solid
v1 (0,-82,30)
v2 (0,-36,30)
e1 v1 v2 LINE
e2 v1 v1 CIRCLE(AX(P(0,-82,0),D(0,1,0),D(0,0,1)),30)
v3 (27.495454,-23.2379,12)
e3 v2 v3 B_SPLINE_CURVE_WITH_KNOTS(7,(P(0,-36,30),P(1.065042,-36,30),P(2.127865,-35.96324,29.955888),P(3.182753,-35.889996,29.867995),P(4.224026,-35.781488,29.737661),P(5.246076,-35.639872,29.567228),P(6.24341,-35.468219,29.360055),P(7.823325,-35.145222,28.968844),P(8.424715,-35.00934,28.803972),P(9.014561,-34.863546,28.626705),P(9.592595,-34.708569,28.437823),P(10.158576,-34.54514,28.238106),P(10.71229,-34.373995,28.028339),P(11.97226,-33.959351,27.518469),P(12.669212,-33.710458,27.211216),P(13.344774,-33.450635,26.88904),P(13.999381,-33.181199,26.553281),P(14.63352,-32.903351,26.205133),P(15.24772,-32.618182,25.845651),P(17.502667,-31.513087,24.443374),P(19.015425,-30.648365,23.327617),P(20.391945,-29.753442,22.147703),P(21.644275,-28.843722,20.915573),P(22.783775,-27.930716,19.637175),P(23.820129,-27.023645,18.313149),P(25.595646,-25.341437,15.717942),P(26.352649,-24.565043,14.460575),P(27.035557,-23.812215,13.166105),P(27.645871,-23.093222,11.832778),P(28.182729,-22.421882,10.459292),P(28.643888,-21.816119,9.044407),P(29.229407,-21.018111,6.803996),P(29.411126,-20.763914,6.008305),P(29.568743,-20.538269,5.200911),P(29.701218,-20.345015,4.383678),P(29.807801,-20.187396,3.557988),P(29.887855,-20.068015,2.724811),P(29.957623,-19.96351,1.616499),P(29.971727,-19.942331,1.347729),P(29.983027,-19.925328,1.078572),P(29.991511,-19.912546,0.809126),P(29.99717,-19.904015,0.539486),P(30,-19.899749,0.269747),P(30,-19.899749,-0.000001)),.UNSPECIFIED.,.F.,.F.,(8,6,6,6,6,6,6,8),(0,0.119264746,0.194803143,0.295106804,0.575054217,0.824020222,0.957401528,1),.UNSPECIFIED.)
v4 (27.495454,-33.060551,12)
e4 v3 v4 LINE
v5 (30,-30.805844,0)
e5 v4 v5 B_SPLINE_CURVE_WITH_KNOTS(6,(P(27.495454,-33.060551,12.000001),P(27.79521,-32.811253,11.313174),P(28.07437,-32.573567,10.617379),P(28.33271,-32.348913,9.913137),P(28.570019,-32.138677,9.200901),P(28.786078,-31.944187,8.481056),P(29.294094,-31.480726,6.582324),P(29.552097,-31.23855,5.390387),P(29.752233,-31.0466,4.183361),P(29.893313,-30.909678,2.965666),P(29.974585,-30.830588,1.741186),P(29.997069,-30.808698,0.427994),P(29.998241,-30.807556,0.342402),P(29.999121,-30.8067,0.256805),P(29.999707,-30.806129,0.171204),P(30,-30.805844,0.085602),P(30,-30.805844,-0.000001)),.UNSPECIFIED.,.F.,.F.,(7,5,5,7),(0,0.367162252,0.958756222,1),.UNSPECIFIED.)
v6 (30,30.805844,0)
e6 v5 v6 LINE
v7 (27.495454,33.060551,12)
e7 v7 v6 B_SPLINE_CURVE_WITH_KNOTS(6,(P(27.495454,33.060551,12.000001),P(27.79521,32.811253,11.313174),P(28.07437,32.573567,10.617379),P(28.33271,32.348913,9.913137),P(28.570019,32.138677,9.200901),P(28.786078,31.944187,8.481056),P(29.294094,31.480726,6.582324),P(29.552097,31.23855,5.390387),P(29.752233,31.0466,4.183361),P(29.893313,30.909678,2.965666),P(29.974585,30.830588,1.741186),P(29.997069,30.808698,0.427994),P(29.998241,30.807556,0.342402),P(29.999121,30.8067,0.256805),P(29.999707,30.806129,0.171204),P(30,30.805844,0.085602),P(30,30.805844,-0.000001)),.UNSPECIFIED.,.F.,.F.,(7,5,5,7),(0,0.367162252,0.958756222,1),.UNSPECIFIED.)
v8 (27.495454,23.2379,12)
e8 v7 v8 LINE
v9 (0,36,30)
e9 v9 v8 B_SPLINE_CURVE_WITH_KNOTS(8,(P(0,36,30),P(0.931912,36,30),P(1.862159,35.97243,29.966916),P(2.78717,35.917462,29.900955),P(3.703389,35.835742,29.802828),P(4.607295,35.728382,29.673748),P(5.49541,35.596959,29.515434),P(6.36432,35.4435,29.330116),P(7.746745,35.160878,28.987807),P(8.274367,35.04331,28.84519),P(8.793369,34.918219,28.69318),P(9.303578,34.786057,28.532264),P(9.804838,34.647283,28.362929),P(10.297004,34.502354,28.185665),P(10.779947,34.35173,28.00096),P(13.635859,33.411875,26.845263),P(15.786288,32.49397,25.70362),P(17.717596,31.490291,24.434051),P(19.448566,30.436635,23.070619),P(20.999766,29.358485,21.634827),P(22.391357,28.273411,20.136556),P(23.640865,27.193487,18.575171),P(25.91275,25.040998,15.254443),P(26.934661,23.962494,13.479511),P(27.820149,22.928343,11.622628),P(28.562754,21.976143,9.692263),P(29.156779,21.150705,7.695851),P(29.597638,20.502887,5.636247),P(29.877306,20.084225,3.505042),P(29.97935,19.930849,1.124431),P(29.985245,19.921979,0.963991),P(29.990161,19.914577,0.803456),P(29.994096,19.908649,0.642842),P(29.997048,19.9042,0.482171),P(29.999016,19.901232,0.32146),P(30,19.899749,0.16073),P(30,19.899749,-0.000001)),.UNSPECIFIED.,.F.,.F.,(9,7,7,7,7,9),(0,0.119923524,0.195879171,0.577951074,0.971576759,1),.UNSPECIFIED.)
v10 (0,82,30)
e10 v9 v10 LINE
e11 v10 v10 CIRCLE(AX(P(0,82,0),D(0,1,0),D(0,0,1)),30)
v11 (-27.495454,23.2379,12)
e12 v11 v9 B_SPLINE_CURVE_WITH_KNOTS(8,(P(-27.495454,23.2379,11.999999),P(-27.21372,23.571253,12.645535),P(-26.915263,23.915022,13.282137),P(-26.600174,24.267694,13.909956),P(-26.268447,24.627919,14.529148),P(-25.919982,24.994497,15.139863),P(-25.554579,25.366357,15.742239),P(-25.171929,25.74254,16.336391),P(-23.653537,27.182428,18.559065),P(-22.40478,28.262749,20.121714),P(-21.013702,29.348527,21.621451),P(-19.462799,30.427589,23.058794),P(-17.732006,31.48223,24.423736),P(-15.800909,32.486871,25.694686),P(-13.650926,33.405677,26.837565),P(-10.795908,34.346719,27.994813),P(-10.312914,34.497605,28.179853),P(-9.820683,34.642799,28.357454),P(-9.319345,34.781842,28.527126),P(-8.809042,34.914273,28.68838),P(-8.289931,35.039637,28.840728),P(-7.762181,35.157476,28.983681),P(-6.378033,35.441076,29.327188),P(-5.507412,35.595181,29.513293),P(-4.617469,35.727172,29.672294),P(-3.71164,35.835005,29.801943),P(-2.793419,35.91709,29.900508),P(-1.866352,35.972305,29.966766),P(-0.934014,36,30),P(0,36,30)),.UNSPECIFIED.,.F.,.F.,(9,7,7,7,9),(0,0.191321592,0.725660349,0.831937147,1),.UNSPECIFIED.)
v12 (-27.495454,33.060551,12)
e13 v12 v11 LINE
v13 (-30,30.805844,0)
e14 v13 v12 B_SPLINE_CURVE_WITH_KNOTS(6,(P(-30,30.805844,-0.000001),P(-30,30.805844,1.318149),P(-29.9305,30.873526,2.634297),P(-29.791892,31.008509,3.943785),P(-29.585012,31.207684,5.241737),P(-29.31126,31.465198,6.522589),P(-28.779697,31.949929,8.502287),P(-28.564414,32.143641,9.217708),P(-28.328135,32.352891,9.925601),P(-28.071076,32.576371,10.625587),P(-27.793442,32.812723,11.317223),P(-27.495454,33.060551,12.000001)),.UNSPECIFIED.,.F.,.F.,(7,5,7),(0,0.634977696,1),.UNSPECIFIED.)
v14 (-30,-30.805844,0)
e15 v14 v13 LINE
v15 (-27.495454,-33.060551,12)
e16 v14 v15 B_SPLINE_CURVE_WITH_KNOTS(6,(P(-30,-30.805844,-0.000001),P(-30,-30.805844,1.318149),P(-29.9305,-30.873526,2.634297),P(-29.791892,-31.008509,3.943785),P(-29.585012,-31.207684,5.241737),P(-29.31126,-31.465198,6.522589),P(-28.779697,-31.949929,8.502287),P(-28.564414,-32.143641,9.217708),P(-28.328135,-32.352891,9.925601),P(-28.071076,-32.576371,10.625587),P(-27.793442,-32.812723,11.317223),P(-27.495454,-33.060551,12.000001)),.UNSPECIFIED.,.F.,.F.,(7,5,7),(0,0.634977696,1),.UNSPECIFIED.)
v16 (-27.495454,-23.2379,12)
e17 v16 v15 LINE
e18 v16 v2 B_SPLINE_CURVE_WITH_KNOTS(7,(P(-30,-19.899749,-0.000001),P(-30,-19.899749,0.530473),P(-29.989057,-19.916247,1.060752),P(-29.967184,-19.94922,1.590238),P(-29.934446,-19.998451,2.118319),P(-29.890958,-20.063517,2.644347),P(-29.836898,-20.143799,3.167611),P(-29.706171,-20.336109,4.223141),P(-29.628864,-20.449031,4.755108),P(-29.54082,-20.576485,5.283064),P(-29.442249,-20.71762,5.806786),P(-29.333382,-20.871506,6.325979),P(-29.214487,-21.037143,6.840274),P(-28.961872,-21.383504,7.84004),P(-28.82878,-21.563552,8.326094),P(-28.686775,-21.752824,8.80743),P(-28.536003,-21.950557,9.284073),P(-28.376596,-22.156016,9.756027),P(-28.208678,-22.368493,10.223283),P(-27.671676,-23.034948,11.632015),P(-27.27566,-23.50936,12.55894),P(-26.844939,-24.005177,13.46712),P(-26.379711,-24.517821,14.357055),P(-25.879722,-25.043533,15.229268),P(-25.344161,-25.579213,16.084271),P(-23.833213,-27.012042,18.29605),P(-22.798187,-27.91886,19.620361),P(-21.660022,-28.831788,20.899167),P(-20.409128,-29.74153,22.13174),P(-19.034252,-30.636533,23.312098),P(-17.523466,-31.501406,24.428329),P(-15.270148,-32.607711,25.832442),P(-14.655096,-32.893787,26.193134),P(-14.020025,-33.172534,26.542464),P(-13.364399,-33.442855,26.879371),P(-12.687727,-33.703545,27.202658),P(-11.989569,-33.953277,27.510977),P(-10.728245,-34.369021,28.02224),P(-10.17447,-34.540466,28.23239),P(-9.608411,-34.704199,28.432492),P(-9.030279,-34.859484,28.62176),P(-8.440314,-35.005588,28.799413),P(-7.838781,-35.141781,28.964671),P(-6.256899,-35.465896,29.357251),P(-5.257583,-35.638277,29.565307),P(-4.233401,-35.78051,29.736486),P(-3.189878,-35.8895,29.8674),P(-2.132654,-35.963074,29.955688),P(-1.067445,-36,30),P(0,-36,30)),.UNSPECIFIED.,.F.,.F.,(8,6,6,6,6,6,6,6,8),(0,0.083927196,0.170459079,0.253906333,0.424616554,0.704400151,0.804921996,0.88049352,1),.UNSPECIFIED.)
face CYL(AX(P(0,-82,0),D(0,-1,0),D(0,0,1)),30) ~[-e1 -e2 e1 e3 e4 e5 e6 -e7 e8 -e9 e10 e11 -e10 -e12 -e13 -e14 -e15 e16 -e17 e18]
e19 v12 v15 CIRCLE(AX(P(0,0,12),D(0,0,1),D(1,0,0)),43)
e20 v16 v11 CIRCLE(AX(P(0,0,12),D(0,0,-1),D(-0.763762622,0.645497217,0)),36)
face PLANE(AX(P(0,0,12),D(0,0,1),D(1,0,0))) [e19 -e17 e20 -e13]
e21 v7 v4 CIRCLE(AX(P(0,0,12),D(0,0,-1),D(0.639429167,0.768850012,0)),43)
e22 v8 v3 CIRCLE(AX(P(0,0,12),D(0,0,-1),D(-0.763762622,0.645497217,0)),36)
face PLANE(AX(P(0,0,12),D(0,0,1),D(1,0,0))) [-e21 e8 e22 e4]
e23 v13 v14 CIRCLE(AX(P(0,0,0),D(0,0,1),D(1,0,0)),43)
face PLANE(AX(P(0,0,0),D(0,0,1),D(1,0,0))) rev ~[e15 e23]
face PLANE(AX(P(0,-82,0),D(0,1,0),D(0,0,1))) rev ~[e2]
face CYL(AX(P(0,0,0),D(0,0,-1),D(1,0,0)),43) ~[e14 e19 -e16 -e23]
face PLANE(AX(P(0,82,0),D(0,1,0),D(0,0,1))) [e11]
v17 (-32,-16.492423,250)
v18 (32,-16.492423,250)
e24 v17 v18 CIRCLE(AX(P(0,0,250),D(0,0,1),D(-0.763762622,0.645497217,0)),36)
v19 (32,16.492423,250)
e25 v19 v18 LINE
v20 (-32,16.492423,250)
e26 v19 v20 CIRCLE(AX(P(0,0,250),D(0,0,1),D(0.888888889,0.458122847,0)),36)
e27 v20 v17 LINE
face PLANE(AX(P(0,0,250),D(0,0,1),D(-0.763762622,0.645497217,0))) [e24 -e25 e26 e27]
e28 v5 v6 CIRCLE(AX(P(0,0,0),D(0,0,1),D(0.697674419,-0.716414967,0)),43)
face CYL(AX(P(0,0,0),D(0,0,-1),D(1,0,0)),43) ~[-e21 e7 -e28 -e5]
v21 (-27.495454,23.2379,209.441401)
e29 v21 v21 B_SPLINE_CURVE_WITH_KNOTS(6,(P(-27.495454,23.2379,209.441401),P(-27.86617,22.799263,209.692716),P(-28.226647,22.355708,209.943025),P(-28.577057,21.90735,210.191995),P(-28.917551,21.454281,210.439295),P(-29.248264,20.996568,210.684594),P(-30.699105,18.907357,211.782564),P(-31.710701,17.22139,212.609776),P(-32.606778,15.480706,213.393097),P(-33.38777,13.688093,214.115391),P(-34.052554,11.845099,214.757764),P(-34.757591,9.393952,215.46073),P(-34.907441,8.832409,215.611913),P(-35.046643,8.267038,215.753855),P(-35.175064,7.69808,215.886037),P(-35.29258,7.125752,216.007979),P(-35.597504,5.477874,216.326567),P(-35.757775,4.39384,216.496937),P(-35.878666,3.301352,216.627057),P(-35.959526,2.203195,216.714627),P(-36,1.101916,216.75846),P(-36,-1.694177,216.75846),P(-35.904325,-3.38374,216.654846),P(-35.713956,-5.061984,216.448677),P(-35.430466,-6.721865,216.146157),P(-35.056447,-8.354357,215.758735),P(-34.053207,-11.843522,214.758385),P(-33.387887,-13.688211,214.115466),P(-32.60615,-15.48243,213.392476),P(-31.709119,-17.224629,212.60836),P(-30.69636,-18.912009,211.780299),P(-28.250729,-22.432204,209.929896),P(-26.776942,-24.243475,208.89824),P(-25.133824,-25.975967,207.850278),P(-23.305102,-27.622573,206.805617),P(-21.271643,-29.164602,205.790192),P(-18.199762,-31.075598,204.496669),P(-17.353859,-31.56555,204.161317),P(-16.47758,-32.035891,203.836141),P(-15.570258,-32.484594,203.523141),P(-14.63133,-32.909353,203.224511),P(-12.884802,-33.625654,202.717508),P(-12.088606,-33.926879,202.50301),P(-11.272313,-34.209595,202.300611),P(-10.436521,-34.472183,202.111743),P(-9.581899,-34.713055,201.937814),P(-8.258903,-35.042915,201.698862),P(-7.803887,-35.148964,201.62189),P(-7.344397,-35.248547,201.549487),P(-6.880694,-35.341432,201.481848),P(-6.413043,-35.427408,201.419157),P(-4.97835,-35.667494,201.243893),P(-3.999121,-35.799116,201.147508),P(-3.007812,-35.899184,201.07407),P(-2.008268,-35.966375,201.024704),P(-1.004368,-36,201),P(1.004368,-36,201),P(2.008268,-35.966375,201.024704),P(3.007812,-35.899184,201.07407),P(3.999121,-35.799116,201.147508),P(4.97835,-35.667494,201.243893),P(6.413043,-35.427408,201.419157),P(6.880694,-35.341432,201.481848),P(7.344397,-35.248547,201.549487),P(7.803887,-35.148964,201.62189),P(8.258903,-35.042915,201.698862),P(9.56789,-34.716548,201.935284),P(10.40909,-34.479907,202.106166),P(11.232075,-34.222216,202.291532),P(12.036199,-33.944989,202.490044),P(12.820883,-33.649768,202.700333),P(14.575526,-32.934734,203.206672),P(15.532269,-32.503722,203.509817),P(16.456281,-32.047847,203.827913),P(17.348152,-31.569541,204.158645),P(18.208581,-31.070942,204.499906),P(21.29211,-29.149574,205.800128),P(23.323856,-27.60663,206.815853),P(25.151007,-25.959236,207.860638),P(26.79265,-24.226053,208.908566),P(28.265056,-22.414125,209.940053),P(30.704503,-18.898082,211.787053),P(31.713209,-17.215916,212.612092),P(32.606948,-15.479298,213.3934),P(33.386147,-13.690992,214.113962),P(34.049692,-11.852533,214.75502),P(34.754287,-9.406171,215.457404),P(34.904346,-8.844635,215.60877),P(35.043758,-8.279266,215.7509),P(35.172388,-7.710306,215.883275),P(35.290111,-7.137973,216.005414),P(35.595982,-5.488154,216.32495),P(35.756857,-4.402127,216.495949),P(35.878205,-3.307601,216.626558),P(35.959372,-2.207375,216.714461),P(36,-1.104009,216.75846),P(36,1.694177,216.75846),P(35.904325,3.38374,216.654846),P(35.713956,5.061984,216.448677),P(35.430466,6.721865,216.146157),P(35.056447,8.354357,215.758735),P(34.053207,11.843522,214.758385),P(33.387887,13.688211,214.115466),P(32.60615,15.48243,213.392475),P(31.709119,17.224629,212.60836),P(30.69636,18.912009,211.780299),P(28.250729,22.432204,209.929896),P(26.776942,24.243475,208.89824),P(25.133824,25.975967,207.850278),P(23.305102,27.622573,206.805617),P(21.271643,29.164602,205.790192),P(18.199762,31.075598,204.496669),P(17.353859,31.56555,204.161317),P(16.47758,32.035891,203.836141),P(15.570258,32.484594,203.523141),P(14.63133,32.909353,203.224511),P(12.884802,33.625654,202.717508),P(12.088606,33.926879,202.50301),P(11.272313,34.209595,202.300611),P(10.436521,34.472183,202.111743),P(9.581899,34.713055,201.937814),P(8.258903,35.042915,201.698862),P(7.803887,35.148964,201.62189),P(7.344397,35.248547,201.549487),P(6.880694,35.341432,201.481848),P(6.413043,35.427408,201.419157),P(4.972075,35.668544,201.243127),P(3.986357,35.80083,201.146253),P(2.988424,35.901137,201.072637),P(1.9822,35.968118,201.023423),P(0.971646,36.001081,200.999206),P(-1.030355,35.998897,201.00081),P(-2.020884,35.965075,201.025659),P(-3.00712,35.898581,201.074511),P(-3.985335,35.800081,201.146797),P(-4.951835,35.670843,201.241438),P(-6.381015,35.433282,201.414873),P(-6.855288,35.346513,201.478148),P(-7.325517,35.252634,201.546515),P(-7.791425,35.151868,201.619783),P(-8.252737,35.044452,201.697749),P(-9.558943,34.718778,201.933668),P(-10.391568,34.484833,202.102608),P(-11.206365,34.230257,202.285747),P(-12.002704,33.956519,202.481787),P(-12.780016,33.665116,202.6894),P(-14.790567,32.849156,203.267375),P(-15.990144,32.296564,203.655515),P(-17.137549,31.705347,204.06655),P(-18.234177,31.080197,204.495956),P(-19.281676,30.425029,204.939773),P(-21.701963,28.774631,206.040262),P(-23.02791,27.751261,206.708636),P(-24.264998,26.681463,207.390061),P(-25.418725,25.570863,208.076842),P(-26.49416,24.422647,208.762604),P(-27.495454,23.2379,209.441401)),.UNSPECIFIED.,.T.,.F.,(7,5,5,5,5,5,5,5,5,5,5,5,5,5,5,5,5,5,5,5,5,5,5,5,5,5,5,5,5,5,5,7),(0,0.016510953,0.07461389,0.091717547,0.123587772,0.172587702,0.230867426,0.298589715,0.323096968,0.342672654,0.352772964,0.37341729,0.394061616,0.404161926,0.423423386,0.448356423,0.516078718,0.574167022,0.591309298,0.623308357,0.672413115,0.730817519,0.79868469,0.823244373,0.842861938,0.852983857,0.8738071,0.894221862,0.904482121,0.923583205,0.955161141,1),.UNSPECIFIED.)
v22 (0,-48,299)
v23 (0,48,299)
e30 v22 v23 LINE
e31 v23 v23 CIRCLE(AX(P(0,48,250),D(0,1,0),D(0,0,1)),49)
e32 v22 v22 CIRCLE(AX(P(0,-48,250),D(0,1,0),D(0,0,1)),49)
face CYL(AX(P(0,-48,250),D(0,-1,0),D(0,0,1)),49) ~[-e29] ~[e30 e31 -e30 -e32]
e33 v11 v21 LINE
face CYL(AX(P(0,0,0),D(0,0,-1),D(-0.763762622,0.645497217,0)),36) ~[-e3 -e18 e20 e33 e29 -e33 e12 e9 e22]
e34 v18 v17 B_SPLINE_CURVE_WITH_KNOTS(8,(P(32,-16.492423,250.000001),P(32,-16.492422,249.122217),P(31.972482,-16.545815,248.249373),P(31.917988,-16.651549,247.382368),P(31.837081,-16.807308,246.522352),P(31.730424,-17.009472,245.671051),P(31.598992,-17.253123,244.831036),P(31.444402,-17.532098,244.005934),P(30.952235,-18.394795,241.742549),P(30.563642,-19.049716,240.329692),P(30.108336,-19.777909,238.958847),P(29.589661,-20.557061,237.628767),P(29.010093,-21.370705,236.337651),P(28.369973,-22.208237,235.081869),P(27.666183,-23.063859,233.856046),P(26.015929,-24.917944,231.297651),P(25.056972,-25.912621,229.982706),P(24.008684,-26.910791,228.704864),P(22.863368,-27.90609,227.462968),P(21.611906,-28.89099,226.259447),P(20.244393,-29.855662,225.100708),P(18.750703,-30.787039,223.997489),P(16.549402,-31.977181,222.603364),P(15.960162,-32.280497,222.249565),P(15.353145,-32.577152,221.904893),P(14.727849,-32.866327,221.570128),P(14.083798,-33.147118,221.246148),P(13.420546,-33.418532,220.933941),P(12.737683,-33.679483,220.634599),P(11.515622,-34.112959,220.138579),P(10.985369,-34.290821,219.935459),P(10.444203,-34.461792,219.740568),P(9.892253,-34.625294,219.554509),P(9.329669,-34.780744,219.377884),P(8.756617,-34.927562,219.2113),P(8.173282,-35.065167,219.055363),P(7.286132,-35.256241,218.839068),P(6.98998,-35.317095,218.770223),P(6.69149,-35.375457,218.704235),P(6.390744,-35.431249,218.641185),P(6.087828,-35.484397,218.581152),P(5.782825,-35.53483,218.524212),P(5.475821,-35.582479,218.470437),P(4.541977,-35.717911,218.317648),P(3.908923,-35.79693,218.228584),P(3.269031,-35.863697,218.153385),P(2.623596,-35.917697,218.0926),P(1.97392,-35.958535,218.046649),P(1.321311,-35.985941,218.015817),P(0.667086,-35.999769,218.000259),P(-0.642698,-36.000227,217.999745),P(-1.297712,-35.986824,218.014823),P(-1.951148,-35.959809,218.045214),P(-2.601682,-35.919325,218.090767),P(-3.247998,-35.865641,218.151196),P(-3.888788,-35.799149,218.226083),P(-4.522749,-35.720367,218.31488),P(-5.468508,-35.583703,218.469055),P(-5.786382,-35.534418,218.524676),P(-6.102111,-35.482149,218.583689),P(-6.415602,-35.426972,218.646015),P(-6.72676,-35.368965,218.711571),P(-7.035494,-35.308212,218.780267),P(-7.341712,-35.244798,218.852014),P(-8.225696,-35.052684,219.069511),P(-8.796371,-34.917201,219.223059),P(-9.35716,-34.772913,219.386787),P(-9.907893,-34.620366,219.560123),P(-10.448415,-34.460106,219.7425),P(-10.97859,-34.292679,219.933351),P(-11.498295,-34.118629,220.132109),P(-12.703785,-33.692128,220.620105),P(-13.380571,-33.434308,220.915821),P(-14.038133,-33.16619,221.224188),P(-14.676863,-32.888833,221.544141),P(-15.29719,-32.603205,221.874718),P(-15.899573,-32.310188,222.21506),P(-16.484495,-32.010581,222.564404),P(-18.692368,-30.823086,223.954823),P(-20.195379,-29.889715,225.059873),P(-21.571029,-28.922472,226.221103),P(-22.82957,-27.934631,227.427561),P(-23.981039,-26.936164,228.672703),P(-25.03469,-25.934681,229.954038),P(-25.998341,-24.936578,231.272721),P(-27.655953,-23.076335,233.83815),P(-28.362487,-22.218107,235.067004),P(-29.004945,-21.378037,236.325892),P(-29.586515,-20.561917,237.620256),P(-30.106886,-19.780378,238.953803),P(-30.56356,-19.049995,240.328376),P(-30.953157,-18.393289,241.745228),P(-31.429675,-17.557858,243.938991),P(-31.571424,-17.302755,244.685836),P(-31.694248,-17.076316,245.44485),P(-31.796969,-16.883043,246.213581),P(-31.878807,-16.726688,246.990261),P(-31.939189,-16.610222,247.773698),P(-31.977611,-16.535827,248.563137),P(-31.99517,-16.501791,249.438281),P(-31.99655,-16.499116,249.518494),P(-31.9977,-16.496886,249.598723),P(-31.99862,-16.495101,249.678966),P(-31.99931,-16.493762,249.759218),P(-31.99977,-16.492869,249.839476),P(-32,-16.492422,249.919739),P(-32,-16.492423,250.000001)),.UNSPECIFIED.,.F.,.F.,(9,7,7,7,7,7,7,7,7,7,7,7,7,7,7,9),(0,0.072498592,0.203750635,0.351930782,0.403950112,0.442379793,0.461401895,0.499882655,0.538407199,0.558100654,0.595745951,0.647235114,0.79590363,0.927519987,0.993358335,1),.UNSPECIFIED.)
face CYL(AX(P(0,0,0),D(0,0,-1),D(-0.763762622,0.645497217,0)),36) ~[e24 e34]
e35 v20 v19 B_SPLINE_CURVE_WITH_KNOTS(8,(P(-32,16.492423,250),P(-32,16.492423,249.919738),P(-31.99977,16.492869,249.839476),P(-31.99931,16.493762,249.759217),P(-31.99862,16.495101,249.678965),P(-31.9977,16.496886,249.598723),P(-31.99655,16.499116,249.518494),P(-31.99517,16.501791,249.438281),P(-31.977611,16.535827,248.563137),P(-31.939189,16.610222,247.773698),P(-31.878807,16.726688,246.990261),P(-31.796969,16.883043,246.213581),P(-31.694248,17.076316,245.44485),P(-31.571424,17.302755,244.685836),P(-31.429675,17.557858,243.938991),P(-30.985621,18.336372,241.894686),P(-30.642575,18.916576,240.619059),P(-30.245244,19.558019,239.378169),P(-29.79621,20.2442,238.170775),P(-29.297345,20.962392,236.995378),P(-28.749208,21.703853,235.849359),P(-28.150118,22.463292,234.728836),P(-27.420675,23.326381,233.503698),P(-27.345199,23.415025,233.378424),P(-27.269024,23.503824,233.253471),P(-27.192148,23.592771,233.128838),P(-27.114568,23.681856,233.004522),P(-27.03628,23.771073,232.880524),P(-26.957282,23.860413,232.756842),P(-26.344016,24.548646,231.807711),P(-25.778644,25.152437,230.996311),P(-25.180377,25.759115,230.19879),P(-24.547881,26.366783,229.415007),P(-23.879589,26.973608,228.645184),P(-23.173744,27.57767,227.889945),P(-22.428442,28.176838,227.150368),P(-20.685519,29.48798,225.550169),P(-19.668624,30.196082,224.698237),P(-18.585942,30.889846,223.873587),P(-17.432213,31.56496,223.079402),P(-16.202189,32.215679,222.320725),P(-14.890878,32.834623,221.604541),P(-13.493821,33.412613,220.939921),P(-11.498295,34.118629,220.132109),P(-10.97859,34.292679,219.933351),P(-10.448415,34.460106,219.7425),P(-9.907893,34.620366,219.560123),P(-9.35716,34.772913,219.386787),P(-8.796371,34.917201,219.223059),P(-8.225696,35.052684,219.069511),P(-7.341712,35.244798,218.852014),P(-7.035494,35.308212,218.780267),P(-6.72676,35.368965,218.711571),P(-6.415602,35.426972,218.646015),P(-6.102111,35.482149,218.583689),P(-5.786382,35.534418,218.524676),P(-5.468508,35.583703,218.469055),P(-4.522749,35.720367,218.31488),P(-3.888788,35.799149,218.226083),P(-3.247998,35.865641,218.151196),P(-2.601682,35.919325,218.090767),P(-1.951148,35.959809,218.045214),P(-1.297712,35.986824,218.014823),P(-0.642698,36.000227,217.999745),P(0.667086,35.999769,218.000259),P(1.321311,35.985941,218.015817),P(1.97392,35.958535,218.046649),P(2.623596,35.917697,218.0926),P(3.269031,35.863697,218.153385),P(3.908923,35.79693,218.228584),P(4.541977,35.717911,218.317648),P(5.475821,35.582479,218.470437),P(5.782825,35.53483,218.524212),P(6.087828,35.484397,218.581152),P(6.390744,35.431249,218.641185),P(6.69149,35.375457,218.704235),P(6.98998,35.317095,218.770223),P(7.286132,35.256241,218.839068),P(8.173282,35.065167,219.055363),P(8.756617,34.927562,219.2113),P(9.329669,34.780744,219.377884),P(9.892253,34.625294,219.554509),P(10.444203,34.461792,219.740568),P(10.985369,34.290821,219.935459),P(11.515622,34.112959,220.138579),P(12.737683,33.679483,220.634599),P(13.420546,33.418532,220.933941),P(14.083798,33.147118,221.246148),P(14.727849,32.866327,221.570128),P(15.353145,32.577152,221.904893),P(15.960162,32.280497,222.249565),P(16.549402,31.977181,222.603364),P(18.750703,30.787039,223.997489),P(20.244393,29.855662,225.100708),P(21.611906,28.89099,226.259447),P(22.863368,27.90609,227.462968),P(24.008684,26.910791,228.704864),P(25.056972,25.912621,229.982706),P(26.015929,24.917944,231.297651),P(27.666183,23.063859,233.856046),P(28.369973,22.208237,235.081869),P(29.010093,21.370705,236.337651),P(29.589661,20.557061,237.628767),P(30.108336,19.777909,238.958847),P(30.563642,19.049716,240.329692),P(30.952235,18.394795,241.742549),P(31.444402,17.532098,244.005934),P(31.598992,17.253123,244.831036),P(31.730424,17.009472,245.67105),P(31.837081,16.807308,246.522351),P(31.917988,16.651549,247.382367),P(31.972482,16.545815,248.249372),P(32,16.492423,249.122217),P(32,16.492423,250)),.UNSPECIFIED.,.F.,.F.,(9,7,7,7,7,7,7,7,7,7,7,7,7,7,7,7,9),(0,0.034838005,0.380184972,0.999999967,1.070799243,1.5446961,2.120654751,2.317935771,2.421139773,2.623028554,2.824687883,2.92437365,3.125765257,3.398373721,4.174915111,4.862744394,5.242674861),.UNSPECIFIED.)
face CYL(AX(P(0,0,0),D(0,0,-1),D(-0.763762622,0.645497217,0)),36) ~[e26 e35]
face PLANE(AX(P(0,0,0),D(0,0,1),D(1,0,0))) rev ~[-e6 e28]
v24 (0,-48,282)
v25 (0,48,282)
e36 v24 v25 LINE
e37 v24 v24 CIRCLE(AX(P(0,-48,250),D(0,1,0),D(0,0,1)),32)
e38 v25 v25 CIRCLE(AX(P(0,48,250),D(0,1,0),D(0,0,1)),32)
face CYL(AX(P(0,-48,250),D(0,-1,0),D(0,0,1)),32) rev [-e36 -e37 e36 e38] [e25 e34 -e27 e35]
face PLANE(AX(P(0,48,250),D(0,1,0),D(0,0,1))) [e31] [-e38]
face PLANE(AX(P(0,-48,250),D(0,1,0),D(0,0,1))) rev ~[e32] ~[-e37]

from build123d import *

# Parameters (mm, degrees)
EXTRUDE_1_DEPTH      = 82
EXTRUDE_1_DEPTH_BACK = 82
SKETCH_1_R           = 30
SKETCH_2_R           = 43
EXTRUDE_2_DEPTH      = 12
SKETCH_3_R           = 36
EXTRUDE_3_DEPTH      = 250
EXTRUDE_5_DEPTH      = 48
EXTRUDE_5_DEPTH_BACK = 48
SKETCH_5_R           = 49
SKETCH_5_R_2         = 32


with BuildPart() as part:
    # 草图1 → 凸台-拉伸1 (new, two sides: drawn at the far end of the back side and taken through both)
    with BuildSketch(Plane(origin=(0, 0, 0), x_dir=(1, 0, 0), z_dir=(0, 1, 0)).offset(-EXTRUDE_1_DEPTH_BACK)):
        Circle(SKETCH_1_R)
    extrude(amount=EXTRUDE_1_DEPTH + EXTRUDE_1_DEPTH_BACK)

    # 草图2 → 凸台-拉伸2 (add)
    with BuildSketch(Plane.XY):
        Circle(SKETCH_2_R)
    extrude(amount=EXTRUDE_2_DEPTH)

    # 草图3 → 凸台-拉伸3 (add)
    with BuildSketch(Plane.XY):
        Circle(SKETCH_3_R)
    extrude(amount=EXTRUDE_3_DEPTH)

    # 草图5 → 凸台-拉伸5 (add, two sides: drawn at the far end of the back side and taken through both)
    with BuildSketch(Plane(origin=(0, 0, 0), x_dir=(1, 0, 0), z_dir=(0, 1, 0)).offset(-EXTRUDE_5_DEPTH_BACK)):
        with Locations((0, -250)):
            Circle(SKETCH_5_R)
        with Locations((0, -250)):
            Circle(SKETCH_5_R_2, mode=Mode.SUBTRACT)
    extrude(amount=EXTRUDE_5_DEPTH + EXTRUDE_5_DEPTH_BACK)


solid = part.part
